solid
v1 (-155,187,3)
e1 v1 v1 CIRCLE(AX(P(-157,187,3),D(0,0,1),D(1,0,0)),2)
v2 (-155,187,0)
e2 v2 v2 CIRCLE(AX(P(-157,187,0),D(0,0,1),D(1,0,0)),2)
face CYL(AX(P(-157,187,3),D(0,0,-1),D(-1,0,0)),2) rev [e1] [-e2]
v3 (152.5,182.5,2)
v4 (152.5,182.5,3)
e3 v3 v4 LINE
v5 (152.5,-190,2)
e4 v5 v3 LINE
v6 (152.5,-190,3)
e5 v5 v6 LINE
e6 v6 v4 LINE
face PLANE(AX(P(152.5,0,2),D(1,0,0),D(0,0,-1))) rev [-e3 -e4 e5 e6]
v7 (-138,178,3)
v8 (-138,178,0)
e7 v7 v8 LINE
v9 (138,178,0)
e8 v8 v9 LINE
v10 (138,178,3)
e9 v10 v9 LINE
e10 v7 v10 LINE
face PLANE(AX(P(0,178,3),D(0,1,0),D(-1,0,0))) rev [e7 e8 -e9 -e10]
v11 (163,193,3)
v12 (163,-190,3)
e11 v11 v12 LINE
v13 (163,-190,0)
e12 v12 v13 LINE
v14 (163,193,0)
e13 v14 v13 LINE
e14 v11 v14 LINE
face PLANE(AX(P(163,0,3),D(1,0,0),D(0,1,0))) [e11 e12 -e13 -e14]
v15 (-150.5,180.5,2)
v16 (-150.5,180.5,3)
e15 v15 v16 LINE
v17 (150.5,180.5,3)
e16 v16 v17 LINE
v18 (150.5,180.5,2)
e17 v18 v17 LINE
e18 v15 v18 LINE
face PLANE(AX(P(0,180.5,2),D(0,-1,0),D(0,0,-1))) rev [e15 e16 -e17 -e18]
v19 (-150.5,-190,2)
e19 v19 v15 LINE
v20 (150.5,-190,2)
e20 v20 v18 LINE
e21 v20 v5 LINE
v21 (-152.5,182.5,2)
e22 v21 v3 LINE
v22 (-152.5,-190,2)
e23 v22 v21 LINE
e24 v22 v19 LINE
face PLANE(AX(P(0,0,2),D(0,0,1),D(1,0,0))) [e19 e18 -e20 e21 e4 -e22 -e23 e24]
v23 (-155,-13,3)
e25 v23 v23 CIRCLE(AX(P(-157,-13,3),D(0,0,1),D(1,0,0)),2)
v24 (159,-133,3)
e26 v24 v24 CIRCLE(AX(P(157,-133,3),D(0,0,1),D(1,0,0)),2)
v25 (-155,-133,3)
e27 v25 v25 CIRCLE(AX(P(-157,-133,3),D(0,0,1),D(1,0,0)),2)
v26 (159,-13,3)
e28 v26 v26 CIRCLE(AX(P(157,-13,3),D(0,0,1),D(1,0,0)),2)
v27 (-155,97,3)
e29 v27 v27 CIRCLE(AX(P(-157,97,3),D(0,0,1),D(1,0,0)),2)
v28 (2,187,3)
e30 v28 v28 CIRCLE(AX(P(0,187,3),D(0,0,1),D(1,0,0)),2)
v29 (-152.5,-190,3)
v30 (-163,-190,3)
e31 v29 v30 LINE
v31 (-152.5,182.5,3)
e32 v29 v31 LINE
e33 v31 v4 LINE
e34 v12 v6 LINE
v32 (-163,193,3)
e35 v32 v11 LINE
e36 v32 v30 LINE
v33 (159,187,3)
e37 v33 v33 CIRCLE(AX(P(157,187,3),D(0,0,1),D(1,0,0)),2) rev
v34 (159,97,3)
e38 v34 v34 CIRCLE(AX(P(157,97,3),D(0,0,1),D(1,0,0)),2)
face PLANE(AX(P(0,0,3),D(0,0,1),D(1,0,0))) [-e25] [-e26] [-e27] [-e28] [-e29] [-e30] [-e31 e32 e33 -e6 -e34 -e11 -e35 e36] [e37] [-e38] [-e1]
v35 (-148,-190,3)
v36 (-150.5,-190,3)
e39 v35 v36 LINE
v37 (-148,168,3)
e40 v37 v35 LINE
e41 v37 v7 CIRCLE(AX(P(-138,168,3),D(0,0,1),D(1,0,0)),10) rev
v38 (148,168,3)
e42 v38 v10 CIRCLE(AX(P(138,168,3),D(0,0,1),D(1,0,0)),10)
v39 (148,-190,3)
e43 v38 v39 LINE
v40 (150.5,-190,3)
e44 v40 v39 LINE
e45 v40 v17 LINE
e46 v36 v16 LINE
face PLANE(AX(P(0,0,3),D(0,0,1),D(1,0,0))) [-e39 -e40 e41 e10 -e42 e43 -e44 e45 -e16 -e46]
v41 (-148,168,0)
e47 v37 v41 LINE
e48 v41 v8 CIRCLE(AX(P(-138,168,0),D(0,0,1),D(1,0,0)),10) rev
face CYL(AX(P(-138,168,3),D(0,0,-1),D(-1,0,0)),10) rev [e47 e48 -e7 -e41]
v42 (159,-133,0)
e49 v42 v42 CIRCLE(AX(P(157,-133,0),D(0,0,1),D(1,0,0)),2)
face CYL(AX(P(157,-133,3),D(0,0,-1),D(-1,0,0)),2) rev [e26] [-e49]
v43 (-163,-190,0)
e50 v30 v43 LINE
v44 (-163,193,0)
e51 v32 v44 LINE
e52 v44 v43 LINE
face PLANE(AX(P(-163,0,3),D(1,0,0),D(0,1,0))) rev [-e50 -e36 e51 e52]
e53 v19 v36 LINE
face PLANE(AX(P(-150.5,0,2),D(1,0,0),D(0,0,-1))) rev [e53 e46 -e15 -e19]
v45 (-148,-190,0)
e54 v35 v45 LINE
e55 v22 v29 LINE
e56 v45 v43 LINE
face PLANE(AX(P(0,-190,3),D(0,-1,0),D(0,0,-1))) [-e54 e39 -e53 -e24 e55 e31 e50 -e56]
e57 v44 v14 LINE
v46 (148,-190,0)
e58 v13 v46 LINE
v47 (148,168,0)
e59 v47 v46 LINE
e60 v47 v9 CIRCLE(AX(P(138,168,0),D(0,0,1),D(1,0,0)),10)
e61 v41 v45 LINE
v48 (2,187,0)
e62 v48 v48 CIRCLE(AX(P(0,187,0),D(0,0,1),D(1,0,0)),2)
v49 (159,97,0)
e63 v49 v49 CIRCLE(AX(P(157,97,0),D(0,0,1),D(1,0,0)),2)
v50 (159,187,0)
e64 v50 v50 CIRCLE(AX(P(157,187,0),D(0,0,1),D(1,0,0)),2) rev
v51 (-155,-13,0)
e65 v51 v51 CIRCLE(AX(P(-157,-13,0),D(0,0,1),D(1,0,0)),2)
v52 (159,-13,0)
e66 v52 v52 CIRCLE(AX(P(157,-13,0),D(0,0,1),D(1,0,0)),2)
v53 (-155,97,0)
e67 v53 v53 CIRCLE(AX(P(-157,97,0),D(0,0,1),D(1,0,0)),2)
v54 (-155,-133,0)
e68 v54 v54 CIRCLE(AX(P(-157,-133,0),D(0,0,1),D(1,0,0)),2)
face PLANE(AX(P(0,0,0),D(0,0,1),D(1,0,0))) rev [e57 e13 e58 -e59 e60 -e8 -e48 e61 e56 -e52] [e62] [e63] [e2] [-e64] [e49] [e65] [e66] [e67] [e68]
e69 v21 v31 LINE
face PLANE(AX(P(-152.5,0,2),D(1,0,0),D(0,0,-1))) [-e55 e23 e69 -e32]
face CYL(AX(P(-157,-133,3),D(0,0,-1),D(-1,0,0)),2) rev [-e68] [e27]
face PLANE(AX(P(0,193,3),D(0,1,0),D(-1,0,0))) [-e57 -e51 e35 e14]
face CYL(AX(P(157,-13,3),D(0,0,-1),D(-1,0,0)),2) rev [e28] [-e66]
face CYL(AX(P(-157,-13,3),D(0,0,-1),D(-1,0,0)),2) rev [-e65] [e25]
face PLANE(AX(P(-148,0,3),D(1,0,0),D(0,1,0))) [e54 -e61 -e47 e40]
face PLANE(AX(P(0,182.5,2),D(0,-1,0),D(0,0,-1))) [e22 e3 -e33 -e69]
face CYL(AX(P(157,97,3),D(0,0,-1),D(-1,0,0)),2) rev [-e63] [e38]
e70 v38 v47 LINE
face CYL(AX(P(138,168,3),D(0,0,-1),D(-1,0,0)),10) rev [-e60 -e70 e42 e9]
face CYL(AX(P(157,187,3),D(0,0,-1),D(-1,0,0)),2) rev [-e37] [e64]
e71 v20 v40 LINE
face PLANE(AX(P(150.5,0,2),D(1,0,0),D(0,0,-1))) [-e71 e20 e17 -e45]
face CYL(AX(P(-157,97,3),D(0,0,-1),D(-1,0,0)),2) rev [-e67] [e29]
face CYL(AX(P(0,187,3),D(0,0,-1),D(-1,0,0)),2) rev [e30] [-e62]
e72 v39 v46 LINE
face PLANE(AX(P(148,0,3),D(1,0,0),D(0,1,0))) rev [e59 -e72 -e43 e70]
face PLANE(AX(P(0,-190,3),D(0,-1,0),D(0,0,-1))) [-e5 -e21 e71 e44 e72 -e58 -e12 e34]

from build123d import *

# Parameters (mm, degrees)
SKETCH1_R           = 2
BOSS_EXTRUDE1_DEPTH = 3
GROOVE_DEPTH        = 1


with BuildPart() as part:
    # Sketch1 → Boss-Extrude1 (new body)
    with BuildSketch(Plane.XY):
        with BuildLine():
            Line((163, 193), (-163, 193))
            Line((-163, 193), (-163, -190))
            Line((-163, -190), (-148, -190))
            Line((-148, -190), (-148, -173))
            Line((-148, -173), (-148, 168))
            ThreePointArc((-148, 168), (-145.071067812, 175.071067812), (-138, 178))
            Line((-138, 178), (138, 178))
            ThreePointArc((138, 178), (145.071067812, 175.071067812), (148, 168))
            Line((148, 168), (148, -173))
            Line((148, -173), (148, -190))
            Line((148, -190), (163, -190))
            Line((163, -190), (163, 193))
        make_face()
        with Locations((-157, -133)):
            Circle(SKETCH1_R, mode=Mode.SUBTRACT)
        with Locations((-157, -13)):
            Circle(SKETCH1_R, mode=Mode.SUBTRACT)
        with Locations((157, -133)):
            Circle(SKETCH1_R, mode=Mode.SUBTRACT)
        with Locations((157, -13)):
            Circle(SKETCH1_R, mode=Mode.SUBTRACT)
        with Locations((-157, 97)):
            Circle(SKETCH1_R, mode=Mode.SUBTRACT)
        with Locations((-157, 187)):
            Circle(SKETCH1_R, mode=Mode.SUBTRACT)
        with Locations((0, 187)):
            Circle(SKETCH1_R, mode=Mode.SUBTRACT)
        with Locations((157, 97)):
            Circle(SKETCH1_R, mode=Mode.SUBTRACT)
        with Locations((157, 187)):
            Circle(SKETCH1_R, mode=Mode.SUBTRACT)
    extrude(amount=BOSS_EXTRUDE1_DEPTH)

    # Sketch2 → Groove (cut)
    with BuildSketch(Plane.XY.offset(3)):
        Polygon((-152.5, -190), (-150.5, -190), (-150.5, 180.5), (150.5, 180.5), (150.5, -190), (152.5, -190), (152.5, 182.5), (-152.5, 182.5), align=None)
    extrude(amount=-GROOVE_DEPTH, mode=Mode.SUBTRACT)


solid = part.part
